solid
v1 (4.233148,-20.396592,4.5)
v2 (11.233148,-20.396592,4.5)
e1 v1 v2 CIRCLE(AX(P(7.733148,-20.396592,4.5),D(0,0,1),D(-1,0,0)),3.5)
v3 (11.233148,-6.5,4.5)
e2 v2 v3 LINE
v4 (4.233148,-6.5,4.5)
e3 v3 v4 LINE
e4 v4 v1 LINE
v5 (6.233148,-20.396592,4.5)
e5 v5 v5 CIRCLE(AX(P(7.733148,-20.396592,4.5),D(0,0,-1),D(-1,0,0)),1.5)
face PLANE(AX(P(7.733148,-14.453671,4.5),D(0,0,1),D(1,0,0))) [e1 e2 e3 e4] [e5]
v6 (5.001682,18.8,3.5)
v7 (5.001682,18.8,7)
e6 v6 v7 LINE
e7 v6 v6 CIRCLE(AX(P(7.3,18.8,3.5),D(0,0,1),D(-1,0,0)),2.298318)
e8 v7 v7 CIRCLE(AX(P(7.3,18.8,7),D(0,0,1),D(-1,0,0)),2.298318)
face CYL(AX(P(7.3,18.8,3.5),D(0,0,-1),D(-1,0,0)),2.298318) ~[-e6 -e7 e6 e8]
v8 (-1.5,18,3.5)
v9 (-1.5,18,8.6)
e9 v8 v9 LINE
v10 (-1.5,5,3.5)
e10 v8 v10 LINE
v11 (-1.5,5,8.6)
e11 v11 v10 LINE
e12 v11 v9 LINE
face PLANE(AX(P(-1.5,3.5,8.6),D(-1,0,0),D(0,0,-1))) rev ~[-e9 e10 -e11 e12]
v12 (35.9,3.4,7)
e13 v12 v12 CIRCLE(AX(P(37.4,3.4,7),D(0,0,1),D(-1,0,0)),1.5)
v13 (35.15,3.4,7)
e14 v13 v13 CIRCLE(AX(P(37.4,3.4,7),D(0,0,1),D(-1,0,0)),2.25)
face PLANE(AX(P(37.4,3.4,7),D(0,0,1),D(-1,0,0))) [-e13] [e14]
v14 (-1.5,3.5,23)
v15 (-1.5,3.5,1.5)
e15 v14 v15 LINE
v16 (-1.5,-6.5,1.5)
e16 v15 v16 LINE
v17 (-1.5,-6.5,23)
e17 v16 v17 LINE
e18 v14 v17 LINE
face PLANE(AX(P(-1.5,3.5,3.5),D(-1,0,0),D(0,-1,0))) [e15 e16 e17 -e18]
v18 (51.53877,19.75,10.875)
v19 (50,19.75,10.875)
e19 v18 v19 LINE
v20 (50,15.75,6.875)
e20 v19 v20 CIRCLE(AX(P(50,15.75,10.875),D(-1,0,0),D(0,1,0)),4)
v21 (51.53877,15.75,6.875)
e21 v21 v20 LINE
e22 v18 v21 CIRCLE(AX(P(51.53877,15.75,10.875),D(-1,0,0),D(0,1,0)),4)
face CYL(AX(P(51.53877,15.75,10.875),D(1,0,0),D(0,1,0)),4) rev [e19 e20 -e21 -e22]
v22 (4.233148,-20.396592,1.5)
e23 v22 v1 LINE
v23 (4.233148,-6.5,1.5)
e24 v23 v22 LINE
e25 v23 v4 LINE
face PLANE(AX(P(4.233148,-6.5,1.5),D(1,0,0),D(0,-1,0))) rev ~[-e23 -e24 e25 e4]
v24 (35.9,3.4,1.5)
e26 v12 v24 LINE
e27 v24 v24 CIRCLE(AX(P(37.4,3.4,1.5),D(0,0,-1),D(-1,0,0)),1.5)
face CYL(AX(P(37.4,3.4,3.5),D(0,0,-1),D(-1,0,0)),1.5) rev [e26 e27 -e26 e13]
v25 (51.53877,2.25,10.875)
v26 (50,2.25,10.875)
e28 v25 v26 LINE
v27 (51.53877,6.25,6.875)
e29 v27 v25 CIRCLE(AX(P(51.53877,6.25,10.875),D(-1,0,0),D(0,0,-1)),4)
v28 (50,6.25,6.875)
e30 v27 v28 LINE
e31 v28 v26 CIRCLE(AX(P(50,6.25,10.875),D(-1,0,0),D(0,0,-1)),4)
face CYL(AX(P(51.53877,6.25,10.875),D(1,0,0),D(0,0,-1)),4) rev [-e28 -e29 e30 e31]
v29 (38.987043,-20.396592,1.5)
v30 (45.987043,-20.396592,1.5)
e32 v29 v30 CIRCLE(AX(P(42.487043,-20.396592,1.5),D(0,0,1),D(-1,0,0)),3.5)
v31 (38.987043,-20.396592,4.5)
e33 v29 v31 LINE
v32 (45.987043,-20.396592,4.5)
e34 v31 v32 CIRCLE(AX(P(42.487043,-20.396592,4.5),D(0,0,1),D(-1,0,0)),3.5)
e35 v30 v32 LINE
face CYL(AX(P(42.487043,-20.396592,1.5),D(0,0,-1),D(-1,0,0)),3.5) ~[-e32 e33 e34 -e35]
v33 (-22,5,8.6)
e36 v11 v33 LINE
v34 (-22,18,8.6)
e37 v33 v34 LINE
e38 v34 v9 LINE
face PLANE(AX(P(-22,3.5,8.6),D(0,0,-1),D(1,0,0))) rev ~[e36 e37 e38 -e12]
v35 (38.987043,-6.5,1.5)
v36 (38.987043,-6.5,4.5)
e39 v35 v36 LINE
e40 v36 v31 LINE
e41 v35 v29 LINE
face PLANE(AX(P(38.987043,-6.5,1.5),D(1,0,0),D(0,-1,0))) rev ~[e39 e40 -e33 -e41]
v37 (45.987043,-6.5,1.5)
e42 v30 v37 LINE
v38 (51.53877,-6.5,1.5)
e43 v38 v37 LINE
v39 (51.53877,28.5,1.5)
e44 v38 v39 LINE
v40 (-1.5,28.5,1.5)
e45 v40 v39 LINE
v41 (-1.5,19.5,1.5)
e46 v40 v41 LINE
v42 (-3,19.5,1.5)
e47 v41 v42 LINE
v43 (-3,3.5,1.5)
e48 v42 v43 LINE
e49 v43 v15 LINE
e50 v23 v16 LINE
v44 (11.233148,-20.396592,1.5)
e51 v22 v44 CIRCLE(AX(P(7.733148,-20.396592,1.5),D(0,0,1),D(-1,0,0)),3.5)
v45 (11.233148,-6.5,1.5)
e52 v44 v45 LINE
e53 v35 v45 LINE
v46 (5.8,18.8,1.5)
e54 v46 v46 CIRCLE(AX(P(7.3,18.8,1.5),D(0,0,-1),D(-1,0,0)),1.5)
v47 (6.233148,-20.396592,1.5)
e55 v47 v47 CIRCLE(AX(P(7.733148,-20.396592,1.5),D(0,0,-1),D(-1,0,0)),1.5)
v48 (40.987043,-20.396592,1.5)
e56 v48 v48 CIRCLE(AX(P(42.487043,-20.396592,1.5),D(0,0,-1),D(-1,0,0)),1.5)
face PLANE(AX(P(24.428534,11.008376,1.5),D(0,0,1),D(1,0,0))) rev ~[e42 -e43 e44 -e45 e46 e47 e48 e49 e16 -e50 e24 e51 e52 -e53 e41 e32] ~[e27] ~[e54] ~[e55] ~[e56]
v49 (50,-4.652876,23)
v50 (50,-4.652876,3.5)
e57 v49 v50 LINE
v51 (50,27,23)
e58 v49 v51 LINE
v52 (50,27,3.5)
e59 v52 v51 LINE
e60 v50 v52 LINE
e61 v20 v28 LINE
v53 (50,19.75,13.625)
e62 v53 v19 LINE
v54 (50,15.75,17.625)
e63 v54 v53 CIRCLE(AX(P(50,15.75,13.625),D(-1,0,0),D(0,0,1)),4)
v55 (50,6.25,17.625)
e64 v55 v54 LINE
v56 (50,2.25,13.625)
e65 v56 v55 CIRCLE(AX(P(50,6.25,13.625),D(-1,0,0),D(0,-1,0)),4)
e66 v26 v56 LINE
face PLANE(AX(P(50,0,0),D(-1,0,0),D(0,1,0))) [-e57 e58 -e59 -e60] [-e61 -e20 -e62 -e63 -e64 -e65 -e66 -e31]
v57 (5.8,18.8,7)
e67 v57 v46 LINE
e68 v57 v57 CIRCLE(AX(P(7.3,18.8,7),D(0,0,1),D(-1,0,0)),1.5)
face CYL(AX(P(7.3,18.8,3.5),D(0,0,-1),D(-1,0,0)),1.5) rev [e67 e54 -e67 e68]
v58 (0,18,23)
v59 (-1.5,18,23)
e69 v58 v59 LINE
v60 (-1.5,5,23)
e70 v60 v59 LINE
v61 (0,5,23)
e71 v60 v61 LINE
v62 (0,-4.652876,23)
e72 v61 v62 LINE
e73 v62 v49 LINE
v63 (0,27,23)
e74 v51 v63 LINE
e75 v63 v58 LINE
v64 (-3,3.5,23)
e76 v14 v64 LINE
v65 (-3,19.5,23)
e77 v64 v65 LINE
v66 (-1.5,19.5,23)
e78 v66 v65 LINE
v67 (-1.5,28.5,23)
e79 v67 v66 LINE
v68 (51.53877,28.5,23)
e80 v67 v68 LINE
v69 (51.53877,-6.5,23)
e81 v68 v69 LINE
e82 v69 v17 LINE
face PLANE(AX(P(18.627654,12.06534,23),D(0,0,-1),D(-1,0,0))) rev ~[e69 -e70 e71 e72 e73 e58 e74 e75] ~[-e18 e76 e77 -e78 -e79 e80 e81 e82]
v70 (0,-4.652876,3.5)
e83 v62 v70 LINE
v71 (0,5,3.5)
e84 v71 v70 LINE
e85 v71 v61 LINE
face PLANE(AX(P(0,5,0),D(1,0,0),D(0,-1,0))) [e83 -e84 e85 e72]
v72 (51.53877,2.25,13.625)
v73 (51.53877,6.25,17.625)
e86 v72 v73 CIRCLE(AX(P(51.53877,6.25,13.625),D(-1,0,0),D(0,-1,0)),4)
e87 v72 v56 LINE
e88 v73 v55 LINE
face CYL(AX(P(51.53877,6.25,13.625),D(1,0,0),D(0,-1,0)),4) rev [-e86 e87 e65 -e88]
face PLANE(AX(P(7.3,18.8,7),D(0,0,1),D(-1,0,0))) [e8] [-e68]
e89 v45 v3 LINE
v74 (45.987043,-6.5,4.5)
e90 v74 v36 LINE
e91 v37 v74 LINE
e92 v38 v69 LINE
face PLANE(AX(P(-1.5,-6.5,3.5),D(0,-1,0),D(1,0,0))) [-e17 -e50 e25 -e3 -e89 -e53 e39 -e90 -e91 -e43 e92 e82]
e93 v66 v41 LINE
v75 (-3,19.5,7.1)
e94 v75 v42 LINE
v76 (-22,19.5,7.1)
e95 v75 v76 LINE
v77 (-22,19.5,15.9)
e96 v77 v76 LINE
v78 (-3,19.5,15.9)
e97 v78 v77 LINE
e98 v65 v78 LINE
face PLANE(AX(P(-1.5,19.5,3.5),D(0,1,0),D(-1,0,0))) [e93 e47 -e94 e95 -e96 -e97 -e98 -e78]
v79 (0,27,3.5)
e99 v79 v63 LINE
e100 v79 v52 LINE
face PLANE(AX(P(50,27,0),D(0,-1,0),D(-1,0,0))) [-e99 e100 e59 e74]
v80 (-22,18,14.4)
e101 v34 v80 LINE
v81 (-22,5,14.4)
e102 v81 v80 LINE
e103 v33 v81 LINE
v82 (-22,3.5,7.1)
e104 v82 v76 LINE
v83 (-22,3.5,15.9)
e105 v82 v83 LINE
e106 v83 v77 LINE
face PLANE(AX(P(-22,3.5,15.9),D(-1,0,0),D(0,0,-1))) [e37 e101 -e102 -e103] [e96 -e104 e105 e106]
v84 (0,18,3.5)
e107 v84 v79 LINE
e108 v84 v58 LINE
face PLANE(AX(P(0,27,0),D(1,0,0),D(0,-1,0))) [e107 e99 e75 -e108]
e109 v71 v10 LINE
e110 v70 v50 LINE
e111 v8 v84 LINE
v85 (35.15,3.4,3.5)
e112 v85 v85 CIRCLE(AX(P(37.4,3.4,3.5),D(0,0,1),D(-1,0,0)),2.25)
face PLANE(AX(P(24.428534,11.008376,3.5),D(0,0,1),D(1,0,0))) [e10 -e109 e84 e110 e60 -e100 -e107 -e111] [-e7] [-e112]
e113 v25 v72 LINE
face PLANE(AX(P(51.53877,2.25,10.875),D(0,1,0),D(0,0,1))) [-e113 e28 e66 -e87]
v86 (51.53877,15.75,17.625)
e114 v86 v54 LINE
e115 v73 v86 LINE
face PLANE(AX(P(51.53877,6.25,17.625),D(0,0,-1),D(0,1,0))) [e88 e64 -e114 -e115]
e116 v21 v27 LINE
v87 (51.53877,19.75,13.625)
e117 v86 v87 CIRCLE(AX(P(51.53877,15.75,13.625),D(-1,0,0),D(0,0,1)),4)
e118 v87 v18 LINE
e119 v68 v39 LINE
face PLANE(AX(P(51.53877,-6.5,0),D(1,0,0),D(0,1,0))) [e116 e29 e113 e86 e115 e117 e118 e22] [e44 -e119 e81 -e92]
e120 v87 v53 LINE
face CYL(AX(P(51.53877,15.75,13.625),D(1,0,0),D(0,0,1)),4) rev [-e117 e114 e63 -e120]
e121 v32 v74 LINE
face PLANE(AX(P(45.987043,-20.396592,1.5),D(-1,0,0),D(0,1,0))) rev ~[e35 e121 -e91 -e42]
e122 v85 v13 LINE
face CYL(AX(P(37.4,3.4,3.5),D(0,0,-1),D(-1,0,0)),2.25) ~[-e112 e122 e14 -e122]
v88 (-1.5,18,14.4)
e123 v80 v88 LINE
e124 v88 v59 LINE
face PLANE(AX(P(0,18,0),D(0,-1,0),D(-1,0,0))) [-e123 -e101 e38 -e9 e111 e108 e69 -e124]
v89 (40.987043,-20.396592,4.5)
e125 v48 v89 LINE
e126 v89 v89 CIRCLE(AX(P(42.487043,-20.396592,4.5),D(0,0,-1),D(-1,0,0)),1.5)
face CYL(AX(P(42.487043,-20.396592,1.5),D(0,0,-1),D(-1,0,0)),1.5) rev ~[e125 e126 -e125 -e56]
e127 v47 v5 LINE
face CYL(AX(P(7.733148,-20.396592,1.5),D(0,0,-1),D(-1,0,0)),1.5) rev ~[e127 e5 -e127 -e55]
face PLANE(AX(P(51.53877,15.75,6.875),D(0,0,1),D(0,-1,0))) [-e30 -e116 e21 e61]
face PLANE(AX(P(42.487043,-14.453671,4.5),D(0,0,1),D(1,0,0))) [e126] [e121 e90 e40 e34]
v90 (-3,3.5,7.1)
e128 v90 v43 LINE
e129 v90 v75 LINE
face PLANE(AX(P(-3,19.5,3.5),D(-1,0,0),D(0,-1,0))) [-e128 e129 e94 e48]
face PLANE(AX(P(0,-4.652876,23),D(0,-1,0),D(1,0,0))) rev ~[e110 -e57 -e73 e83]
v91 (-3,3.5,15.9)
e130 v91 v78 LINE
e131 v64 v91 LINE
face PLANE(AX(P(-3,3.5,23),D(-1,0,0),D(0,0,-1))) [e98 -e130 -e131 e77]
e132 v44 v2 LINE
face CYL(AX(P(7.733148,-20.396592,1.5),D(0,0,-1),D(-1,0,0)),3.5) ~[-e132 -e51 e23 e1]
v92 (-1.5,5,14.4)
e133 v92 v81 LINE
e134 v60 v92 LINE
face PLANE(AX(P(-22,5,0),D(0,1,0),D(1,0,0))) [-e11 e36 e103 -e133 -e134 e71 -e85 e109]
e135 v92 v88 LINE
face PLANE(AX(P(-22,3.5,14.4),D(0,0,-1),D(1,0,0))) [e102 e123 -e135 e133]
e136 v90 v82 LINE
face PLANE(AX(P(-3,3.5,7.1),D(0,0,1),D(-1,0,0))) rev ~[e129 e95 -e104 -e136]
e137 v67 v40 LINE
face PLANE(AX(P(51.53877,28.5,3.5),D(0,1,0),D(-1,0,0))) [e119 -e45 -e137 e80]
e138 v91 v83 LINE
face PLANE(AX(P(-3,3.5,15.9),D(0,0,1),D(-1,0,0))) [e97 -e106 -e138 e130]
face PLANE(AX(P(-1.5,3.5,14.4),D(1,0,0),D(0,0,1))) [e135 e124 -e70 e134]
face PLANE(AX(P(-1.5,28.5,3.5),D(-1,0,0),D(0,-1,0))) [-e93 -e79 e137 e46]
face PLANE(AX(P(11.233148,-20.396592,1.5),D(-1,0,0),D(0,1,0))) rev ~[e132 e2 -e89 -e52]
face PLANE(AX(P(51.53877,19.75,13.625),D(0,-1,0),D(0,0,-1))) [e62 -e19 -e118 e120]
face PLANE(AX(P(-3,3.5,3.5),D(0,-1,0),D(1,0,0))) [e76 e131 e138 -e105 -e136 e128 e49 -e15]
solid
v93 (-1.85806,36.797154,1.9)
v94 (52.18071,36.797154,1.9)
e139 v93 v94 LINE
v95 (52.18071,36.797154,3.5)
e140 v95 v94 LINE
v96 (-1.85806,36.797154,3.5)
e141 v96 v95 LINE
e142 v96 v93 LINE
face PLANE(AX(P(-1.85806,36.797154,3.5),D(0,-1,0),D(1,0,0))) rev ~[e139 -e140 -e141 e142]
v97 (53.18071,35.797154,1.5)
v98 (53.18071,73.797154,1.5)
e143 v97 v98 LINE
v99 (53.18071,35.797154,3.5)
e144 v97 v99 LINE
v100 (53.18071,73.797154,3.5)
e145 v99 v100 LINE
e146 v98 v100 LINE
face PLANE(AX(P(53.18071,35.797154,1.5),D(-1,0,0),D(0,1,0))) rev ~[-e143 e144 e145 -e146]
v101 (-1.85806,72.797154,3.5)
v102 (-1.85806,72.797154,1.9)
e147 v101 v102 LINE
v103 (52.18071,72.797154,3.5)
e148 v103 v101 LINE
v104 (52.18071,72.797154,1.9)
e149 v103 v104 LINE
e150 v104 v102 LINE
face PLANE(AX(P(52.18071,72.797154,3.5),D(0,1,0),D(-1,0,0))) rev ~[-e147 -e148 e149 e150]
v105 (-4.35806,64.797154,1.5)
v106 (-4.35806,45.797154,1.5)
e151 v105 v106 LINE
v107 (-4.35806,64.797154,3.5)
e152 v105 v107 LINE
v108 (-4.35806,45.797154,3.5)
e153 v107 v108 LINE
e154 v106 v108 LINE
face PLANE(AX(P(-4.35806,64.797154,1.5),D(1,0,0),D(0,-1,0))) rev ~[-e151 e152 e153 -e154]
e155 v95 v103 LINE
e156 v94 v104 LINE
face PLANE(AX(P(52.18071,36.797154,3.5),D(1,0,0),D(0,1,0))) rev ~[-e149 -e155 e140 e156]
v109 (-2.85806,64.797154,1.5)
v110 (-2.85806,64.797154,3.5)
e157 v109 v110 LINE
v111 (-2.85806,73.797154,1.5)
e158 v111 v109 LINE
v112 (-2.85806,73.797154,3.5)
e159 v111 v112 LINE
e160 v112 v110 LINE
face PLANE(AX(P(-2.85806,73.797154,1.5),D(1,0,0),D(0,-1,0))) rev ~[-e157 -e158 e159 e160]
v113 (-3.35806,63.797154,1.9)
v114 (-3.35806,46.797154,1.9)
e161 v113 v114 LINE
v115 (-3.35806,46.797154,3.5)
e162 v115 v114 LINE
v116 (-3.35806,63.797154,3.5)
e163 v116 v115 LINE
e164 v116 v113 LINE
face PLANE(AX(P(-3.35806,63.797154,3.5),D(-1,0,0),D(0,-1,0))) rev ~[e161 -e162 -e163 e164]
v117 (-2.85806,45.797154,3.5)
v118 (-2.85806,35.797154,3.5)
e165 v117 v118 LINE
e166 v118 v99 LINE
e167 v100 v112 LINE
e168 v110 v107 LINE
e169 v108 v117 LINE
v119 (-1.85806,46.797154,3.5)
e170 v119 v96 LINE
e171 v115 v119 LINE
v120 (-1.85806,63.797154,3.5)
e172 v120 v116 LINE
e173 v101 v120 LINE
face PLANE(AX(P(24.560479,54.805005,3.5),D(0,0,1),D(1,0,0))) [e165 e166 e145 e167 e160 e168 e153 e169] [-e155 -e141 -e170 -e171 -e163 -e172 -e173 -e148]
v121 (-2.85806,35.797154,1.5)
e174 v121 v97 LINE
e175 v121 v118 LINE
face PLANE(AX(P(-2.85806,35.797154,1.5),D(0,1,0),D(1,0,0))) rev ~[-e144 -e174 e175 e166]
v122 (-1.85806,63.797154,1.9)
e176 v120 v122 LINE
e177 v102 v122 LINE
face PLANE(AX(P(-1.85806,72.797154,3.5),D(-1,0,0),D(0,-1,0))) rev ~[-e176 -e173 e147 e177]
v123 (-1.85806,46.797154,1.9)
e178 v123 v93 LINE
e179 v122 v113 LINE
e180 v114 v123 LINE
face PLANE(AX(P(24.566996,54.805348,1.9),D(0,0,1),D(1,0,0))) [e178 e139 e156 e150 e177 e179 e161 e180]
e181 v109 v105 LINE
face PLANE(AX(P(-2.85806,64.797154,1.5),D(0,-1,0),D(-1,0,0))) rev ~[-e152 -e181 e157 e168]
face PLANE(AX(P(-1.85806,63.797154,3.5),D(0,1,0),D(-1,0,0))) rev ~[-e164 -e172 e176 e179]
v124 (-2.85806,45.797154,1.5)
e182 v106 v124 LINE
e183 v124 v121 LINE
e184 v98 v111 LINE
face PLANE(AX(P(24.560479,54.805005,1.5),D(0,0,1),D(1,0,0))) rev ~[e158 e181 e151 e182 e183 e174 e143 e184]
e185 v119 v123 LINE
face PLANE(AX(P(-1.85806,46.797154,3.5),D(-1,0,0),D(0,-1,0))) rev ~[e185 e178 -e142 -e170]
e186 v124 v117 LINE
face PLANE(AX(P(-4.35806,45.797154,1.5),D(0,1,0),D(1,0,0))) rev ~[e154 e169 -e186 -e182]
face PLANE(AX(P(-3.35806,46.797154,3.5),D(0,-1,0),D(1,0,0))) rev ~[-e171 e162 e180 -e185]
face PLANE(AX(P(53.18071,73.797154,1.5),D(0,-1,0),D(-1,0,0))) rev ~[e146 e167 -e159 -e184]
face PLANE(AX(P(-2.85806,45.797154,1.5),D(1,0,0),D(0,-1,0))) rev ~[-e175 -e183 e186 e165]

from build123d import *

# Parameters (mm, degrees)
SALIENTE_EXTRUIR1_DEPTH  = 23
CROQUIS2_W               = 53.038770051
CROQUIS2_H               = 35
SALIENTE_EXTRUIR2_DEPTH  = 1.5
CORTAR_EXTRUIR1_REACH    = 63.727
CROQUIS3_W               = 20.5
CROQUIS3_H               = 8.6
SALIENTE_EXTRUIR4_DEPTH  = 16
CORTAR_EXTRUIR5_REACH    = 68.41
CROQUIS12_W              = 49.5
CROQUIS12_H              = 5
SALIENTE_EXTRUIR14_DEPTH = 2
AGUJEROS_R               = 1.5
CORTAR_EXTRUIR12_DEPTH   = 3.5
CROQUIS29_R              = 2.298318417
CROQUIS29_R_2            = 1.5
CROQUIS29_R_3            = 2.25
SALIENTE_EXTRUIR15_DEPTH = 3.5
CROQUIS27_W              = 50
CROQUIS27_H              = 4.65287556
CORTAR_EXTRUIR15_DEPTH   = 19.5
CROQUIS30_W              = 3
CROQUIS30_H              = 35
CORTAR_EXTRUIR17_DEPTH   = 5.038770051
SALIENTE_EXTRUIR16_DEPTH = 2
CORTAR_EXTRUIR19_DEPTH   = 1.6
CORTAR_EXTRUIR20_DEPTH   = 1.538770051
CROQUIS35_R              = 1.5
SALIENTE_EXTRUIR17_DEPTH = 3


with BuildPart() as part:
    # Croquis1 → Saliente-Extruir1 (new body)
    with BuildSketch(Plane.XY):
        Polygon((51.538770051, -6.5), (-1.5, -6.5), (-1.5, 3.5), (-22, 3.5), (-22, 5), (0, 5), (0, 0), (50, 0), (50, 27), (0, 27), (0, 18), (-22, 18), (-22, 19.5), (-1.5, 19.5), (-1.5, 28.5), (51.538770051, 28.5), align=None)
    extrude(amount=SALIENTE_EXTRUIR1_DEPTH)

    # Croquis2 → Saliente-Extruir2 (add)
    with BuildSketch(Plane(origin=(0, 0, 0), x_dir=(-1, 0, 0), z_dir=(0, 0, -1))):
        with Locations((-25.019385026, 11)):
            Rectangle(CROQUIS2_W, CROQUIS2_H)
    extrude(amount=SALIENTE_EXTRUIR2_DEPTH)

    # Cortar-Extruir1: up to this face of the body (flat: up to its plane)
    cortar_extruir1_end = Plane(part.part.faces().sort_by_distance((-11.75, 19.5, 11.5))[0])
    # Croquis3 → Cortar-Extruir1 (cut, up to the picked face)
    with BuildSketch(Plane.XZ.offset(-3.5), mode=Mode.PRIVATE) as cortar_extruir1_sk1:
        with Locations((-11.75, 18.7)):
            Rectangle(CROQUIS3_W, CROQUIS3_H)
    cortar_extruir1_tool1 = split(extrude(cortar_extruir1_sk1.sketch, amount=-CORTAR_EXTRUIR1_REACH, mode=Mode.PRIVATE), bisect_by=cortar_extruir1_end, keep=Keep.BOTH, mode=Mode.PRIVATE)
    # Croquis3 → Cortar-Extruir1 (cut, up to the picked face)
    with BuildSketch(Plane.XZ.offset(-3.5), mode=Mode.PRIVATE) as cortar_extruir1_sk2:
        with Locations((-11.75, 4.3)):
            Rectangle(CROQUIS3_W, CROQUIS3_H)
    cortar_extruir1_tool2 = split(extrude(cortar_extruir1_sk2.sketch, amount=-CORTAR_EXTRUIR1_REACH, mode=Mode.PRIVATE), bisect_by=cortar_extruir1_end, keep=Keep.BOTH, mode=Mode.PRIVATE)
    add(cortar_extruir1_tool1.solids().sort_by(Axis((-11.75, 3.5, 18.7), (0, 1, 0)))[0], mode=Mode.SUBTRACT)
    add(cortar_extruir1_tool2.solids().sort_by(Axis((-11.75, 3.5, 4.3), (0, 1, 0)))[0], mode=Mode.SUBTRACT)

    # Croquis4 → Saliente-Extruir4 (add)
    with BuildSketch(Plane.XZ.offset(-3.5)):
        Polygon((-22, 14.4), (-1.5, 14.4), (-1.5, 23), (-3, 23), (-3, 15.9), (-22, 15.9), align=None)
        Polygon((-22, 8.6), (-1.5, 8.6), (-1.5, -1.5), (-3, -1.5), (-3, 7.1), (-22, 7.1), align=None)
    extrude(amount=-SALIENTE_EXTRUIR4_DEPTH)

    # Cortar-Extruir5: up to this face of the body (flat: up to its plane)
    cortar_extruir5_end = Plane(part.part.faces().sort_by_distance((25.019385026, 28.5, 10.75))[0])
    # Croquis12 → Cortar-Extruir5 (cut, up to the picked face)
    with BuildSketch(Plane.XZ.offset(6.5), mode=Mode.PRIVATE) as cortar_extruir5_sk1:
        with Locations((21.75, 1)):
            Rectangle(CROQUIS12_W, CROQUIS12_H)
    cortar_extruir5_tool1 = split(extrude(cortar_extruir5_sk1.sketch, amount=-CORTAR_EXTRUIR5_REACH, mode=Mode.PRIVATE), bisect_by=cortar_extruir5_end, keep=Keep.BOTH, mode=Mode.PRIVATE)
    add(cortar_extruir5_tool1.solids().sort_by(Axis((21.75, -6.5, 1), (0, 1, 0)))[0], mode=Mode.SUBTRACT)

    # Croquis14 → Saliente-Extruir14 (add)
    with BuildSketch(Plane(origin=(0, 0, 3.5), x_dir=(-1, 0, 0), z_dir=(0, 0, -1))):
        Polygon((1.5, 3.5), (1.5, -6.5), (-51.538770051, -6.5), (-51.538770051, 28.5), (1.5, 28.5), (1.5, 19.5), (3, 19.5), (3, 3.5), align=None)
    extrude(amount=SALIENTE_EXTRUIR14_DEPTH)

    # Agujeros → Cortar-Extruir12 (cut)
    with BuildSketch(Plane.XY):
        with Locations(Location((37.4, 3.4, 0), (0, 0, 180))):
            Circle(AGUJEROS_R)
        with Locations(Location((7.3, 18.8, 0), (0, 0, 180))):
            Circle(AGUJEROS_R)
    extrude(amount=CORTAR_EXTRUIR12_DEPTH, mode=Mode.SUBTRACT)

    # Croquis29 → Saliente-Extruir15 (add)
    # profile 1 of 2: a face of its own
    with BuildSketch(Plane.XY.offset(3.5)):
        with Locations(Location((7.3, 18.8, 0), (0, 0, 180))):
            Circle(CROQUIS29_R)
        with Locations(Location((7.3, 18.8, 0), (0, 0, 180))):
            Circle(CROQUIS29_R_2, mode=Mode.SUBTRACT)
    # profile 2 of 2: a face of its own
    with BuildSketch(Plane.XY.offset(3.5)):
        with Locations(Location((37.4, 3.4, 0), (0, 0, 180))):
            Circle(CROQUIS29_R_3)
        with Locations(Location((37.4, 3.4, 0), (0, 0, 180))):
            Circle(CROQUIS29_R_2, mode=Mode.SUBTRACT)
    extrude(amount=SALIENTE_EXTRUIR15_DEPTH)

    # Croquis27 → Cortar-Extruir15 (cut)
    with BuildSketch(Plane.XY.offset(23)):
        with Locations((25, -2.32643778)):
            Rectangle(CROQUIS27_W, CROQUIS27_H)
    extrude(amount=-CORTAR_EXTRUIR15_DEPTH, mode=Mode.SUBTRACT)

    # Croquis30 → Cortar-Extruir17 (cut)
    with BuildSketch(Plane.ZY.offset(-46.5)):
        with Locations((0, 11)):
            Rectangle(CROQUIS30_W, CROQUIS30_H)
    extrude(amount=-CORTAR_EXTRUIR17_DEPTH, mode=Mode.SUBTRACT)

    # Croquis34 → Cortar-Extruir20 (cut)
    with BuildSketch(Plane(origin=(51.538770051, 0, 0), x_dir=(0, 0, -1), z_dir=(1, 0, 0))):
        with BuildLine():
            Line((-13.625, 19.75), (-10.875, 19.75))
            ThreePointArc((-10.875, 19.75), (-8.046572875, 18.578427125), (-6.875, 15.75))
            Line((-6.875, 15.75), (-6.875, 6.25))
            ThreePointArc((-6.875, 6.25), (-8.046572875, 3.421572875), (-10.875, 2.25))
            Line((-10.875, 2.25), (-13.625, 2.25))
            ThreePointArc((-13.625, 2.25), (-16.453427125, 3.421572875), (-17.625, 6.25))
            Line((-17.625, 6.25), (-17.625, 15.75))
            ThreePointArc((-17.625, 15.75), (-16.453427125, 18.578427125), (-13.625, 19.75))
        make_face()
    extrude(amount=-CORTAR_EXTRUIR20_DEPTH, mode=Mode.SUBTRACT)

    # Croquis35 → Saliente-Extruir17 (add)
    # profile 1 of 2: a face of its own
    with BuildSketch(Plane(origin=(0, 0, 1.5), x_dir=(-1, 0, 0), z_dir=(0, 0, -1))):
        with BuildLine():
            Line((-38.987043205, -6.5), (-38.987043205, -20.396591545))
            ThreePointArc((-38.987043205, -20.396591545), (-42.487043205, -23.896591545), (-45.987043205, -20.396591545))
            Line((-45.987043205, -20.396591545), (-45.987043205, -6.5))
            Line((-45.987043205, -6.5), (-38.987043205, -6.5))
        make_face()
        with Locations((-42.487043205, -20.396591545)):
            Circle(CROQUIS35_R, mode=Mode.SUBTRACT)
    # profile 2 of 2: a face of its own
    with BuildSketch(Plane(origin=(0, 0, 1.5), x_dir=(-1, 0, 0), z_dir=(0, 0, -1))):
        with BuildLine():
            Line((-4.233147567, -6.5), (-4.233147567, -20.396591545))
            ThreePointArc((-4.233147567, -20.396591545), (-7.733147567, -23.896591545), (-11.233147567, -20.396591545))
            Line((-11.233147567, -20.396591545), (-11.233147567, -6.5))
            Line((-11.233147567, -6.5), (-4.233147567, -6.5))
        make_face()
        with Locations((-7.733147567, -20.396591545)):
            Circle(CROQUIS35_R, mode=Mode.SUBTRACT)
    extrude(amount=-SALIENTE_EXTRUIR17_DEPTH)


with BuildPart() as body_2:
    # Croquis31 → Saliente-Extruir16 (new body)
    with BuildSketch(Plane(origin=(0, 0, 1.5), x_dir=(-1, 0, 0), z_dir=(0, 0, -1))):
        Polygon((4.358060316, 64.797154315), (4.358060316, 45.797154315), (2.858060316, 45.797154315), (2.858060316, 35.797154315), (-53.180709735, 35.797154315), (-53.180709735, 73.797154315), (2.858060316, 73.797154315), (2.858060316, 64.797154315), align=None)
    extrude(amount=-SALIENTE_EXTRUIR16_DEPTH)

    # Croquis32 → Cortar-Extruir19 (cut)
    with BuildSketch(Plane.XY.offset(3.5)):
        Polygon((-1.858060316, 46.797154315), (-1.858060316, 36.797154315), (52.180709735, 36.797154315), (52.180709735, 72.797154315), (-1.858060316, 72.797154315), (-1.858060316, 63.797154315), (-3.358060316, 63.797154315), (-3.358060316, 46.797154315), align=None)
    extrude(amount=-CORTAR_EXTRUIR19_DEPTH, mode=Mode.SUBTRACT)


solid = Compound([part.part, body_2.part])
